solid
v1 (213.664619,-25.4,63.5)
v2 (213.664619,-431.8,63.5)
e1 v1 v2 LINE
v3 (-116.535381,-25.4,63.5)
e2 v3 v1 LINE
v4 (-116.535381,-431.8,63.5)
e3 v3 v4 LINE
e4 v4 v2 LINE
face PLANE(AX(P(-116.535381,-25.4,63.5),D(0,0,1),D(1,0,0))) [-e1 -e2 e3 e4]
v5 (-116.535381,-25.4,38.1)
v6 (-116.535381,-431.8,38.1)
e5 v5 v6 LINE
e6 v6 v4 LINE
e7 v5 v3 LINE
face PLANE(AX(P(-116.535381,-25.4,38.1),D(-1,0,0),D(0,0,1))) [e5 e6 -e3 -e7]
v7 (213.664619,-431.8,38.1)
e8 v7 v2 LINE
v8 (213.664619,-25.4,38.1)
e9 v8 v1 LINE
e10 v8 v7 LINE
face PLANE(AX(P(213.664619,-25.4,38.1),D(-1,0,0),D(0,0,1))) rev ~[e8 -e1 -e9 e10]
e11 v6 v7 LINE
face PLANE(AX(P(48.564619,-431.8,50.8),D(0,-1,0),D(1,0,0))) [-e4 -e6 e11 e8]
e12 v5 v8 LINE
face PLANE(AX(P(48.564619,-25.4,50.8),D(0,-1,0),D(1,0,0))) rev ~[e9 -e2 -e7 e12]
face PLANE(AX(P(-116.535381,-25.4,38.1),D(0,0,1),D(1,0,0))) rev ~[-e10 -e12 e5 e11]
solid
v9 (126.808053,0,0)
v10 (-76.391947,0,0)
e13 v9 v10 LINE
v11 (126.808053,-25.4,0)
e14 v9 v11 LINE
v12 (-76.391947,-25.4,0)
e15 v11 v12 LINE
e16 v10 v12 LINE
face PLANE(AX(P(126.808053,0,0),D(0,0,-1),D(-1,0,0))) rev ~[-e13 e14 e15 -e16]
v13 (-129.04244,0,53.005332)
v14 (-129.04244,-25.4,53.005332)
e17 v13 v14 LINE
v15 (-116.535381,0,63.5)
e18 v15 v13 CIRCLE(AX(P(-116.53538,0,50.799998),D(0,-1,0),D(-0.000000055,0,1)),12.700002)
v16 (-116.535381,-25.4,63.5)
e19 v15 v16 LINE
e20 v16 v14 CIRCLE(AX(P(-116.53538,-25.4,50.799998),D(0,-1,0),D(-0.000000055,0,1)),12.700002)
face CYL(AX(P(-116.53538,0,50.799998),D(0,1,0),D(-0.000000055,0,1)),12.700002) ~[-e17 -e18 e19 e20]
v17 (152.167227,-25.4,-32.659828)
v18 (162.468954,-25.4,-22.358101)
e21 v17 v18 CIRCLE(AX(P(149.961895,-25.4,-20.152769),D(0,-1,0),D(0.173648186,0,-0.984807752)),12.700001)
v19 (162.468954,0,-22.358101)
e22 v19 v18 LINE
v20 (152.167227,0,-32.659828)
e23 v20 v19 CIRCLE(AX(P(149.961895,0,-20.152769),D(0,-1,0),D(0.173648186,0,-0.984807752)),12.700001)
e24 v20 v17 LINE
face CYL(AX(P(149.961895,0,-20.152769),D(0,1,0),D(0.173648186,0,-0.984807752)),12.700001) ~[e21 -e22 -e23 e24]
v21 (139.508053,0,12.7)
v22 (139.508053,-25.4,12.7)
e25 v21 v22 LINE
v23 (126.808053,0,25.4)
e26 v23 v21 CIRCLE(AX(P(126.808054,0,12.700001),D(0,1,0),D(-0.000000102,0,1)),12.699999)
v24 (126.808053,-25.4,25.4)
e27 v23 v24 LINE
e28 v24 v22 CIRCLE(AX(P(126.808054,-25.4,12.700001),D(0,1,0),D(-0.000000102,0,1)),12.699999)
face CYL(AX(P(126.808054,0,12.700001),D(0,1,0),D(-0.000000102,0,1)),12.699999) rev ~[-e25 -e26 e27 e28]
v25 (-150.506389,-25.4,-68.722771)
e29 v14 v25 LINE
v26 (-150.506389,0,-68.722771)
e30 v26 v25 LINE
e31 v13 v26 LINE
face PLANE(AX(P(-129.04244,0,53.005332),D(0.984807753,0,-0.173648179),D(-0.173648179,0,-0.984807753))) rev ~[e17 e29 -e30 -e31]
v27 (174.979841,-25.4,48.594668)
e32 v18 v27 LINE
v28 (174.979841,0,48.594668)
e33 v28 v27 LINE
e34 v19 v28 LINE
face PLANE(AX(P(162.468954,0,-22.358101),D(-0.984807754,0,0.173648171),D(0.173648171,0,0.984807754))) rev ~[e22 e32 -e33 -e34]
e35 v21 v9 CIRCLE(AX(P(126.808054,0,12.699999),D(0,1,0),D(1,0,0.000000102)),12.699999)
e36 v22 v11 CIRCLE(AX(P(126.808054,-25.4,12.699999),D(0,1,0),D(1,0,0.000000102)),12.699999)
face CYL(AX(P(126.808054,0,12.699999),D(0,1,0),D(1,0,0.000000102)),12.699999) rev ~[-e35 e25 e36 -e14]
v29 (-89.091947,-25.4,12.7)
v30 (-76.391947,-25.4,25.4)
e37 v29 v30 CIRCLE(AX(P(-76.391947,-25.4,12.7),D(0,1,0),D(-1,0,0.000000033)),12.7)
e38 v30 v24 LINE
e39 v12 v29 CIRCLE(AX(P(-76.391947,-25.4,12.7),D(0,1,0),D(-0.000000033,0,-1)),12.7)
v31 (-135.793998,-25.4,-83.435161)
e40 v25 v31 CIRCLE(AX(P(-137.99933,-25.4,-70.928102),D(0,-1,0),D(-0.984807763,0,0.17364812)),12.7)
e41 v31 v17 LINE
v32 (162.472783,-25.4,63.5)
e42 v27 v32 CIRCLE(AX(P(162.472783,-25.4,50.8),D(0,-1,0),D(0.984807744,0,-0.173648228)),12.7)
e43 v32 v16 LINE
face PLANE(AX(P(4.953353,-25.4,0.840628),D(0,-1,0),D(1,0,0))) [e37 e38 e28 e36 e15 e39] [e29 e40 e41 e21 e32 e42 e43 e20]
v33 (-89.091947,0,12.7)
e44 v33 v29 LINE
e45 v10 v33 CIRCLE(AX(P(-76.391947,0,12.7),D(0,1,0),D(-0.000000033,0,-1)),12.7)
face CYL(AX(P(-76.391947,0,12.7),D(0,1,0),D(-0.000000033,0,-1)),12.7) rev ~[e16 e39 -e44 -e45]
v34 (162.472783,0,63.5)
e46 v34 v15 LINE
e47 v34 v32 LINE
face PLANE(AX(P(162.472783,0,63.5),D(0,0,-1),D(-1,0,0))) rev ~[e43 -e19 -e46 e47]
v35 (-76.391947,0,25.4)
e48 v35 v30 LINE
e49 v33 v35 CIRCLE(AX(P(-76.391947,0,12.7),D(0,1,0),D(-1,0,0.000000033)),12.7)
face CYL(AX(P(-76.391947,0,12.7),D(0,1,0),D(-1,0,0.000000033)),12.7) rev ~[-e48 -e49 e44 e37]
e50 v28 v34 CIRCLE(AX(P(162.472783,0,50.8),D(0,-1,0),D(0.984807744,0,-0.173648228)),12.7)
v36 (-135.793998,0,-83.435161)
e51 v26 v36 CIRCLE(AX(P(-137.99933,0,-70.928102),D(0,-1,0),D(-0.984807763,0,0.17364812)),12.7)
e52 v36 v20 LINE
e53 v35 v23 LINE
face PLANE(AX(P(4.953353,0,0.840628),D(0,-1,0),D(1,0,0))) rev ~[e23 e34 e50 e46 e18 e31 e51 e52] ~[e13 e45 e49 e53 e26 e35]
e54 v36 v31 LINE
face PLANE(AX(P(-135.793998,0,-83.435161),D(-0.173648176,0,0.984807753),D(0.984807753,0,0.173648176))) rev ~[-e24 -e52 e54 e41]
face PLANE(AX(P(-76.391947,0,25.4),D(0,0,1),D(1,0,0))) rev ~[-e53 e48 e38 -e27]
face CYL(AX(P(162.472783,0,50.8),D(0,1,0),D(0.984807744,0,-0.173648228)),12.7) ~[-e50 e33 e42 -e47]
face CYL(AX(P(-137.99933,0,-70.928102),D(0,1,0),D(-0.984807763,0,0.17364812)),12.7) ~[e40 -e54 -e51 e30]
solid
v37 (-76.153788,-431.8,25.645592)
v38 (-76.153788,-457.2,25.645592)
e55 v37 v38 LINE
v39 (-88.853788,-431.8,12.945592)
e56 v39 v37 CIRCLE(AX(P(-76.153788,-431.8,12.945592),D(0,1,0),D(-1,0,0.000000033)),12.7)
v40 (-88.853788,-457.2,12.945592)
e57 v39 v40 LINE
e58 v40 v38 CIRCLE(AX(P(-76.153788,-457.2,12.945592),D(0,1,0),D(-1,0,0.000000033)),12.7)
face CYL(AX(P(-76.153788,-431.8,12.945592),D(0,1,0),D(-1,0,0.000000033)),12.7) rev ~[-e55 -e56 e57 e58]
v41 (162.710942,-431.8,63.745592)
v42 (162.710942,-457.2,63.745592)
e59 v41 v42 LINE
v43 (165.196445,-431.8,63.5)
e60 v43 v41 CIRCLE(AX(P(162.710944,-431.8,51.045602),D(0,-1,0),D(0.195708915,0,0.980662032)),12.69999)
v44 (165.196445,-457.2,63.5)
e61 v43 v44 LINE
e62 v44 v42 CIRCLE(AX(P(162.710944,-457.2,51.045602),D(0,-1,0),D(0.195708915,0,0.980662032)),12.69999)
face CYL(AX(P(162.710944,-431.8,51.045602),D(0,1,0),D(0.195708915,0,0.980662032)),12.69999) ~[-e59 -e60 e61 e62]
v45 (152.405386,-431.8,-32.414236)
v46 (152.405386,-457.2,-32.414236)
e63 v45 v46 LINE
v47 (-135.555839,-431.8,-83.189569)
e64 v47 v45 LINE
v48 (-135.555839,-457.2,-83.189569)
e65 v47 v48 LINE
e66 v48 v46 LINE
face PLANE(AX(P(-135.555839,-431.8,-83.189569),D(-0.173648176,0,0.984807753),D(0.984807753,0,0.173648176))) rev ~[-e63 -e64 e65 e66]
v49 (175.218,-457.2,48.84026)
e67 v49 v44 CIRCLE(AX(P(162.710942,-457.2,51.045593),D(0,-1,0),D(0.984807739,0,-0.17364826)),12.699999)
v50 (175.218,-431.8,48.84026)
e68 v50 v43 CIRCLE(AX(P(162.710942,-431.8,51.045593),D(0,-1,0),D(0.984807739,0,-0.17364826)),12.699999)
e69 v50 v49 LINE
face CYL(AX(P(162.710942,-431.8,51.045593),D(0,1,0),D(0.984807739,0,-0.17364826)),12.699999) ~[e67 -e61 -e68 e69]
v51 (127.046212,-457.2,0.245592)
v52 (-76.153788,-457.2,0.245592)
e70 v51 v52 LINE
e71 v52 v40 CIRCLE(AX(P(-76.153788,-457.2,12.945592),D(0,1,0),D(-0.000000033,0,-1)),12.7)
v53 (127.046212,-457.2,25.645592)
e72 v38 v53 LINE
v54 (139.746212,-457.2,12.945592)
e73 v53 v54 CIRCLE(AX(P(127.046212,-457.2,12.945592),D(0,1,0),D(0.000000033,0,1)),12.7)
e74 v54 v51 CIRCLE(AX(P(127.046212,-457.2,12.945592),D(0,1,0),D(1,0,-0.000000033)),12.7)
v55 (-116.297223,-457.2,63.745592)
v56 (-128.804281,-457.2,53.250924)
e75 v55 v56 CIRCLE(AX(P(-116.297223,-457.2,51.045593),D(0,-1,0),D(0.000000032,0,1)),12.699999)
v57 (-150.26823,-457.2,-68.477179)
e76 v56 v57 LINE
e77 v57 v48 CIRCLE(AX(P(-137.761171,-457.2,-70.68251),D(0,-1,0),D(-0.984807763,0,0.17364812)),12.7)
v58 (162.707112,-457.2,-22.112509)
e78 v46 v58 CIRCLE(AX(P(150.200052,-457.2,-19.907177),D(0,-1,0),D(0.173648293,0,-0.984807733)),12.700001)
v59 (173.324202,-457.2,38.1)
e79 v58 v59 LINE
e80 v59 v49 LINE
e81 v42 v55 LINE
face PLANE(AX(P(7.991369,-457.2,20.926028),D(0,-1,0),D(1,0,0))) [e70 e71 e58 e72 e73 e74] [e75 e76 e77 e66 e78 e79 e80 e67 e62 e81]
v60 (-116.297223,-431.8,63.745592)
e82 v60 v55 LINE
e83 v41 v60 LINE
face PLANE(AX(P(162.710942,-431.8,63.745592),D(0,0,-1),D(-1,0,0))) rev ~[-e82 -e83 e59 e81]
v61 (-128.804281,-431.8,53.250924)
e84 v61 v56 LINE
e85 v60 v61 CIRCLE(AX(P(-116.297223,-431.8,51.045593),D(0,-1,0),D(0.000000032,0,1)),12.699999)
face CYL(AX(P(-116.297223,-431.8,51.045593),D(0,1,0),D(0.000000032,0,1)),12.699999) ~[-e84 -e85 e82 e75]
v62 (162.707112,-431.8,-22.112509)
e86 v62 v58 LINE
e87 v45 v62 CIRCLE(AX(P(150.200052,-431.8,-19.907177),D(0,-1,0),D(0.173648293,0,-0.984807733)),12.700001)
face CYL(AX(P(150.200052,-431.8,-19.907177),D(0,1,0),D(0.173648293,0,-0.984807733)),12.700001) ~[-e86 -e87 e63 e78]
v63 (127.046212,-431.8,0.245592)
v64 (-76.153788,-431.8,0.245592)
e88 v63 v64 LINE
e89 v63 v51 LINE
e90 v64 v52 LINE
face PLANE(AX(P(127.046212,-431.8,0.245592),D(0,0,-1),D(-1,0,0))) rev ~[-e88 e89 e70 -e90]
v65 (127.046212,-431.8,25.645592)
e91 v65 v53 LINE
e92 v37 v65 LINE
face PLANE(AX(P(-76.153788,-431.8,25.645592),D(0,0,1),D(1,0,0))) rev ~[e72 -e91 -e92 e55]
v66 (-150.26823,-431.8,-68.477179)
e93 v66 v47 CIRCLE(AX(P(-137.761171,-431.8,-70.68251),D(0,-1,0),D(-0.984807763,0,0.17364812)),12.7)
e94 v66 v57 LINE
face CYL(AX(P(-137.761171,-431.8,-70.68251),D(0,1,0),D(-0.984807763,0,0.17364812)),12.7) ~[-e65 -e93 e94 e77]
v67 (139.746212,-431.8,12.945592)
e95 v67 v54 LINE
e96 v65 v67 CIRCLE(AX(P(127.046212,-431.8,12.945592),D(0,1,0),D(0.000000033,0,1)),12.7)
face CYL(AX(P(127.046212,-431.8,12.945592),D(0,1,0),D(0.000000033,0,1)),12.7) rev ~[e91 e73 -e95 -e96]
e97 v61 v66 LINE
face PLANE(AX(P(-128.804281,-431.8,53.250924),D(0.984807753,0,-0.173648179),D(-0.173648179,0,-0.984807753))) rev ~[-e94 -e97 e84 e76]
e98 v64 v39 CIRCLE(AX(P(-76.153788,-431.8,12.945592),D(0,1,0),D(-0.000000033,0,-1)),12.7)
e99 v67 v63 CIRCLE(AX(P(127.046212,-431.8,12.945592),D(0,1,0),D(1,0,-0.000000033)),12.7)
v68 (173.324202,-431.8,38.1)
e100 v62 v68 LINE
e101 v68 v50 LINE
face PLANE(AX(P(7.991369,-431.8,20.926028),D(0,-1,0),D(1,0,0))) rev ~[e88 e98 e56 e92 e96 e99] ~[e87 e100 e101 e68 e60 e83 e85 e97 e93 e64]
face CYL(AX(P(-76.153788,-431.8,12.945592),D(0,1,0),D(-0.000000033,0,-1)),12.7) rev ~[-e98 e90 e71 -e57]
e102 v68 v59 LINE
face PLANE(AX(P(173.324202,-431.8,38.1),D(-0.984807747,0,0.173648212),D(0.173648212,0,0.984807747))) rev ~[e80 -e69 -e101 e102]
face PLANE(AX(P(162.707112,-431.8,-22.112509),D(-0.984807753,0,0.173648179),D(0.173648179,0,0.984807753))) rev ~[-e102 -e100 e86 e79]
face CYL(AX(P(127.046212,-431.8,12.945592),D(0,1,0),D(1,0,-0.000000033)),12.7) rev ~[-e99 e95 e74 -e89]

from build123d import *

# Parameters (mm, degrees)
F1_DEPTH = 25.4
F2_W     = 330.2
F2_H     = 25.4
F3_DEPTH = 406.4
F5_DEPTH = 25.4


with BuildPart() as f1:
    # F0 (on Front) → F1 (new body)
    with BuildSketch(Plane.XZ):
        with BuildLine():
            Line((162.472783, 63.5), (-116.535381, 63.5))
            ThreePointArc((-116.535381, 63.5), (-124.698784, 60.528764), (-129.04244, 53.005332))
            Line((-129.04244, 53.005332), (-150.506389, -68.722771))
            ThreePointArc((-150.506389, -68.722771), (-146.979586, -79.908359), (-135.793998, -83.435161))
            Line((-135.793998, -83.435161), (152.167227, -32.659828))
            ThreePointArc((152.167227, -32.659828), (158.942151, -29.133026), (162.468954, -22.358101))
            Line((162.468954, -22.358101), (174.979841, 48.594668))
            ThreePointArc((174.979841, 48.594668), (172.201547, 58.963403), (162.472783, 63.5))
        make_face()
        with BuildLine():
            ThreePointArc((-89.091947, 12.7), (-85.372203, 21.680256), (-76.391947, 25.4))
            Line((-76.391947, 25.4), (126.808053, 25.4))
            ThreePointArc((126.808053, 25.4), (135.78831, 21.680256), (139.508053, 12.7))
            ThreePointArc((139.508053, 12.7), (135.78831, 3.719744), (126.808053, 0))
            Line((126.808053, 0), (-76.391947, 0))
            ThreePointArc((-76.391947, 0), (-85.372203, 3.719744), (-89.091947, 12.7))
        make_face(mode=Mode.SUBTRACT)
    extrude(amount=F1_DEPTH)


with BuildPart() as f3:
    # F2 (on face) → F3 (new body)
    with BuildSketch(Plane.XZ.offset(25.4)):
        with Locations((48.564619, 50.8)):
            Rectangle(F2_W, F2_H)
    extrude(amount=F3_DEPTH)


with BuildPart() as f5:
    # F4 (on face) → F5 (new body)
    with BuildSketch(Plane.XZ.offset(431.8)):
        with BuildLine():
            Line((162.710942, 63.745592), (-116.297223, 63.745592))
            ThreePointArc((-116.297223, 63.745592), (-124.460625, 60.774357), (-128.804281, 53.250924))
            Line((-128.804281, 53.250924), (-150.26823, -68.477179))
            ThreePointArc((-150.26823, -68.477179), (-146.741427, -79.662767), (-135.555839, -83.189569))
            Line((-135.555839, -83.189569), (152.405386, -32.414236))
            ThreePointArc((152.405386, -32.414236), (159.18031, -28.887433), (162.707112, -22.112509))
            Line((162.707112, -22.112509), (173.324202, 38.1))
            Line((173.324202, 38.1), (-116.535381, 38.1))
            Line((-116.535381, 38.1), (-116.535381, 63.5))
            Line((-116.535381, 63.5), (165.196445, 63.5))
            ThreePointArc((165.196445, 63.5), (163.959745, 63.684045), (162.710942, 63.745592))
        make_face()
        with BuildLine():
            ThreePointArc((-88.853788, 12.945592), (-85.134044, 21.925848), (-76.153788, 25.645592))
            Line((-76.153788, 25.645592), (127.046212, 25.645592))
            ThreePointArc((127.046212, 25.645592), (136.026468, 21.925848), (139.746212, 12.945592))
            ThreePointArc((139.746212, 12.945592), (136.026468, 3.965336), (127.046212, 0.245592))
            Line((127.046212, 0.245592), (-76.153788, 0.245592))
            ThreePointArc((-76.153788, 0.245592), (-85.134044, 3.965336), (-88.853788, 12.945592))
        make_face(mode=Mode.SUBTRACT)
        with BuildLine():
            ThreePointArc((175.218, 48.84026), (173.195274, 58.212794), (165.196445, 63.5))
            Line((165.196445, 63.5), (-116.535381, 63.5))
            Line((-116.535381, 63.5), (-116.535381, 38.1))
            Line((-116.535381, 38.1), (173.324202, 38.1))
            Line((173.324202, 38.1), (175.218, 48.84026))
        make_face()
    extrude(amount=F5_DEPTH)


solid = Compound([f1.part, f3.part, f5.part])
